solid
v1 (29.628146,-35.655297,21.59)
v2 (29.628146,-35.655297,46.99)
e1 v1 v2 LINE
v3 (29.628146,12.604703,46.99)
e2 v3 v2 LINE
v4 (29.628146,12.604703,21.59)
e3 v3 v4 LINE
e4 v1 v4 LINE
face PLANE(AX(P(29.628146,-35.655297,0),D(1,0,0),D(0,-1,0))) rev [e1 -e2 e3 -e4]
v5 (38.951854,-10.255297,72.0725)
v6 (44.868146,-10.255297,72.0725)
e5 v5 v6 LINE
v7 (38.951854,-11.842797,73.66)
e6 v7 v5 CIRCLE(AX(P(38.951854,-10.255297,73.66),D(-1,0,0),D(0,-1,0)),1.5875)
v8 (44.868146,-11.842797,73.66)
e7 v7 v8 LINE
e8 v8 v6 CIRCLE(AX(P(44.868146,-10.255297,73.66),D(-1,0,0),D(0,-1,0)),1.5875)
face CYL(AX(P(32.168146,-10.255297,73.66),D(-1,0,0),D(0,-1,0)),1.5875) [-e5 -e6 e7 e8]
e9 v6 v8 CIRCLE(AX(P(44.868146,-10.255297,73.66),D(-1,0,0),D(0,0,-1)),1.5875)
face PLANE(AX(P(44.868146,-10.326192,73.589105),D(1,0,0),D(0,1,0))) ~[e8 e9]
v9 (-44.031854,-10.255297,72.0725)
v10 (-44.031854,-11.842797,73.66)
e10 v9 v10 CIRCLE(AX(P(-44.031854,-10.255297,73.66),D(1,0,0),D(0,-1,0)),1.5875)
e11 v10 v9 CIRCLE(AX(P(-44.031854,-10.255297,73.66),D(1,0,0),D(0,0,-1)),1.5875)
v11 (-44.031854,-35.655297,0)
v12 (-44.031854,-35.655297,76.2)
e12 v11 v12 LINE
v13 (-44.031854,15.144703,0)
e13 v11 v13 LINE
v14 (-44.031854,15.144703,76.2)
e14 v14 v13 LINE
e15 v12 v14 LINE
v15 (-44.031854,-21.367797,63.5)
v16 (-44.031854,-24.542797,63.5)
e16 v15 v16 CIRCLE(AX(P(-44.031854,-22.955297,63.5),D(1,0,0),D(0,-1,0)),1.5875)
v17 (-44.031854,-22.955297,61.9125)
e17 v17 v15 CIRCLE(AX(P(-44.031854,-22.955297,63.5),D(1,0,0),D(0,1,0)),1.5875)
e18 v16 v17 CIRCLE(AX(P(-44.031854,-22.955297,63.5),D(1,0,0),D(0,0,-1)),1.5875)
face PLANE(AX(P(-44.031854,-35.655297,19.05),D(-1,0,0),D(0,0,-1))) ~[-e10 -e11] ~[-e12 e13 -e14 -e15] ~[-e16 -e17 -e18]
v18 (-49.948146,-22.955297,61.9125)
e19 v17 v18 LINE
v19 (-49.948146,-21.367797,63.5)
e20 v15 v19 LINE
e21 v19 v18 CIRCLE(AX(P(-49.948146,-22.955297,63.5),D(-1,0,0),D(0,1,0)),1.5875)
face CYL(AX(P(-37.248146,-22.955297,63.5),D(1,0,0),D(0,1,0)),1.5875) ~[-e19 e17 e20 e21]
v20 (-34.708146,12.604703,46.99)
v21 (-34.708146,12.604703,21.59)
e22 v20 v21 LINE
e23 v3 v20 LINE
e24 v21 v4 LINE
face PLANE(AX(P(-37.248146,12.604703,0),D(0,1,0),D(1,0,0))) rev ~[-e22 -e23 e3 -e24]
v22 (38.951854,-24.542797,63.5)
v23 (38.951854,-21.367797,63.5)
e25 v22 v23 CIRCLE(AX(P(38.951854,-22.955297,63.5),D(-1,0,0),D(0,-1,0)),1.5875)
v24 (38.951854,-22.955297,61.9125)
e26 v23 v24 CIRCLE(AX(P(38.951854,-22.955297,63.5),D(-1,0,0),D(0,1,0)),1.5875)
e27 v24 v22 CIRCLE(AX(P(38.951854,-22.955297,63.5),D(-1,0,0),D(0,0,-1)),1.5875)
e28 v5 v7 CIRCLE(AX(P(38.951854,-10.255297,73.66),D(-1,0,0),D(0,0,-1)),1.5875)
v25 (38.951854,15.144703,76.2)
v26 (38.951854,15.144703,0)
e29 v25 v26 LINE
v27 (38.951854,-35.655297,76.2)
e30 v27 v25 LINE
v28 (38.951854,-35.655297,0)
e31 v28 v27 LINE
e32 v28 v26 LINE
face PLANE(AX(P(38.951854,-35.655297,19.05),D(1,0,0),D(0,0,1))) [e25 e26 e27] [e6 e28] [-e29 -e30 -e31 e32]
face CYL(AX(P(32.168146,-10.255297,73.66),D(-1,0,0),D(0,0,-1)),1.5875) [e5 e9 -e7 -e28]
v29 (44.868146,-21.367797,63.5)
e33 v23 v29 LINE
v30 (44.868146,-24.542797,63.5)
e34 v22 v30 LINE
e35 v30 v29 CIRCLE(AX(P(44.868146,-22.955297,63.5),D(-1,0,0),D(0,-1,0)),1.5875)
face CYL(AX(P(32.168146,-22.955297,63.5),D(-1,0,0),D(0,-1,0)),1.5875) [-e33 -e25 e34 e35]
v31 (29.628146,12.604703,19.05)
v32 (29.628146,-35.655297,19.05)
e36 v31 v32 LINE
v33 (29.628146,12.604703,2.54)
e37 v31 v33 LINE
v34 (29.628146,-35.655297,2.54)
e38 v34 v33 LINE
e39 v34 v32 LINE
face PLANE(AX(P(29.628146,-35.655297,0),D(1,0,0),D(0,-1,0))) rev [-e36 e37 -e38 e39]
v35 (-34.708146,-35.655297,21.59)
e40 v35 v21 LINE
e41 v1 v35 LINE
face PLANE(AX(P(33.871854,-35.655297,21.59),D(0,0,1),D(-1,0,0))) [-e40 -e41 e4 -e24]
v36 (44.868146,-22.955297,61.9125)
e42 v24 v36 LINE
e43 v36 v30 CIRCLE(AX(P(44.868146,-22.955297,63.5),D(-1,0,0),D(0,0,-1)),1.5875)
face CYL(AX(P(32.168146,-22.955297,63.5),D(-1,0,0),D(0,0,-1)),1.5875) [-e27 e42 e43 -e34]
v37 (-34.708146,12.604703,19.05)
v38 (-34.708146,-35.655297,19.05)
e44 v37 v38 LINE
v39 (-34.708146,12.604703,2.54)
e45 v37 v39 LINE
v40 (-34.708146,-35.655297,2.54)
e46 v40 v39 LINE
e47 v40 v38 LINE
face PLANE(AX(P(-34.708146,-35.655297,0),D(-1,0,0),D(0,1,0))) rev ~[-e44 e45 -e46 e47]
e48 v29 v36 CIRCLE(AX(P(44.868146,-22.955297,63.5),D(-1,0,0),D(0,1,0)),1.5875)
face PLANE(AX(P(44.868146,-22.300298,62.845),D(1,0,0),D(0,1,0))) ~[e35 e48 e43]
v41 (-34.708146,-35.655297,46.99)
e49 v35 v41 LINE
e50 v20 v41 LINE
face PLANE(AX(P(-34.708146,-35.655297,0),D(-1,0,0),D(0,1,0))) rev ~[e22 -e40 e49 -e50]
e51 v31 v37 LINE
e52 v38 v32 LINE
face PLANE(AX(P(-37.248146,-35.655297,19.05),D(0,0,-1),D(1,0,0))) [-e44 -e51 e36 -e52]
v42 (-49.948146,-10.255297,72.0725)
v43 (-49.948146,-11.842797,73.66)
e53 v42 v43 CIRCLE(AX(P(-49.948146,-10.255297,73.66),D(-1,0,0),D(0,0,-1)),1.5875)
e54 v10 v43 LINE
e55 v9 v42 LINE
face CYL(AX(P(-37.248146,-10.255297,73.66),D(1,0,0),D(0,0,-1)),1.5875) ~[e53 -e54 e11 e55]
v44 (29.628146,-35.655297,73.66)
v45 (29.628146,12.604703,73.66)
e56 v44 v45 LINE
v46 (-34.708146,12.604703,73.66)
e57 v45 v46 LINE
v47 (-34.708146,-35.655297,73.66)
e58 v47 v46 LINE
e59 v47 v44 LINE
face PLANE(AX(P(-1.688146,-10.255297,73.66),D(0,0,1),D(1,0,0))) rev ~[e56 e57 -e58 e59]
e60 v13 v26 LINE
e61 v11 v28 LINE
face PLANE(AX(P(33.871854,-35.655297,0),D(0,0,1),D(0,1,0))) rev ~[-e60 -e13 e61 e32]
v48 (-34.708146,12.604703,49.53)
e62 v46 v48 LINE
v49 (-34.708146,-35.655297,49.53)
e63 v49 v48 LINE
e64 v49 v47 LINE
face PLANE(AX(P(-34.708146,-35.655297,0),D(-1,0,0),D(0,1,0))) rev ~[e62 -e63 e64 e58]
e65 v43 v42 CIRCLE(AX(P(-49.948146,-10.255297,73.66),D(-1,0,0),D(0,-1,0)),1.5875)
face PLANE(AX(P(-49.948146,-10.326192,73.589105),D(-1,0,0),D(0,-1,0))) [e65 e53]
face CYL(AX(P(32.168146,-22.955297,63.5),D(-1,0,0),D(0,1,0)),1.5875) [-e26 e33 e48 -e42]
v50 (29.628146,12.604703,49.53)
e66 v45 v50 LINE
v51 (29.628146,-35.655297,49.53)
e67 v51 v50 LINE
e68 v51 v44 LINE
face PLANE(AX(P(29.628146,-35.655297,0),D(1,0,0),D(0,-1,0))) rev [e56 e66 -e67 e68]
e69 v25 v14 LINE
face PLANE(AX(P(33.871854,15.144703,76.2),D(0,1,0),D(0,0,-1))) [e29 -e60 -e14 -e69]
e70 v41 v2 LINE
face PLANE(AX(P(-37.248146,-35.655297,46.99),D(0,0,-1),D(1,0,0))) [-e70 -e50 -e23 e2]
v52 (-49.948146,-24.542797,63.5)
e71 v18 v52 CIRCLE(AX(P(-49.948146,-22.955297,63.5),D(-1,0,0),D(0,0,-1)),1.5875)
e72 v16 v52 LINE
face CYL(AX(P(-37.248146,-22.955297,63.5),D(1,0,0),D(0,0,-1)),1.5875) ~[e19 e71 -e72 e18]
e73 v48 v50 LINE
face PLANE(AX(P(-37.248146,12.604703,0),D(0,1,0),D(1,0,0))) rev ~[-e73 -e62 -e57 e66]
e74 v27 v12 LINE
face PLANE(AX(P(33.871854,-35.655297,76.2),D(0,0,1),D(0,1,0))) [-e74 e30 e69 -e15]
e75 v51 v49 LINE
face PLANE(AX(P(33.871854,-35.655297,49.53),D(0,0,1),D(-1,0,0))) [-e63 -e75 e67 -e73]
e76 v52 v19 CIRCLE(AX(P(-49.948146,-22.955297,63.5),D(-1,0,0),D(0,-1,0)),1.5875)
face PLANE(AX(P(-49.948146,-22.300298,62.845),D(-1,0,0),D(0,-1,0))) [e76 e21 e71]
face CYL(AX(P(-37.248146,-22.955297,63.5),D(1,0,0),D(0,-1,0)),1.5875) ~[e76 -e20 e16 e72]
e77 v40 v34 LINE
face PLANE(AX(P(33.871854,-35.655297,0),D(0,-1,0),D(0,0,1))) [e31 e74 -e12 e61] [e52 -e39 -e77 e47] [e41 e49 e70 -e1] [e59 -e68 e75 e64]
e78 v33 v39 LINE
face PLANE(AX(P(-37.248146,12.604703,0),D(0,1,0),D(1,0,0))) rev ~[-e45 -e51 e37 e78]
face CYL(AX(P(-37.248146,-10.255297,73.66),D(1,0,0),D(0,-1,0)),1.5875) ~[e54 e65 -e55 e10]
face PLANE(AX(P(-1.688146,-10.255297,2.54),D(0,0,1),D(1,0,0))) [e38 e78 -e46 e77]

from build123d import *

# Parameters (mm, degrees)
F0_W      = 71.12
F0_H      = 50.8
F1_DEPTH  = 76.2
F3_T      = -2.54
F4_DEPTH  = 50.8
F5_DEPTH  = 50.8
F7_DEPTH  = 12.7
F8_DEPTH  = 12.7
F9_DEPTH  = 12.7
F12_DEPTH = 5.08
F13_DEPTH = 5.08


with BuildPart() as f1:
    # F0 (on Top) → F1 (new body)
    with BuildSketch(Plane.XY):
        with Locations((-1.6881457889, -10.255297339)):
            Rectangle(F0_W, F0_H)
    extrude(amount=F1_DEPTH)

    # F3
    f3_openings = [f1.faces().sort_by_distance(p)[0] for p in [
        (-1.688146, -35.655297, 38.1),
    ]]
    offset(amount=F3_T, openings=f3_openings)

    # F2 (on face) → F4 (join)
    with BuildSketch(Plane.XZ.offset(35.655297339)):
        Polygon((-37.2481457889, 49.53), (-37.2481457889, 46.99), (-1.6881457889, 46.99), (33.8718542111, 46.99), (33.8718542111, 49.53), align=None)
    extrude(amount=-F4_DEPTH)

    # F2 (on face) → F5 (join)
    with BuildSketch(Plane.XZ.offset(35.655297339)):
        Polygon((-37.2481457889, 19.05), (-1.6881457889, 19.05), (33.8718542111, 19.05), (33.8718542111, 21.59), (-1.6881457889, 21.59), (-37.2481457889, 21.59), align=None)
    extrude(amount=-F5_DEPTH)

    # F6 (on face) → F7 (join)
    with BuildSketch(Plane(origin=(-37.2481457889, 0, 0), x_dir=(0, -1, 0), z_dir=(-1, 0, 0))):
        with BuildLine():
            ThreePointArc((11.842797339, 73.66), (9.1327653238, 74.7825320151), (10.255297339, 72.0725))
            ThreePointArc((10.255297339, 72.0725), (11.3778293541, 72.5374679849), (11.842797339, 73.66))
        make_face()
    extrude(amount=F7_DEPTH)

    # F6 (on face) → F8 (join)
    with BuildSketch(Plane(origin=(-37.2481457889, 0, 0), x_dir=(0, -1, 0), z_dir=(-1, 0, 0))):
        with BuildLine():
            Line((22.955297339, 63.5), (22.955297339, 61.9125))
            ThreePointArc((22.955297339, 61.9125), (24.0778293541, 62.3774679849), (24.542797339, 63.5))
            ThreePointArc((24.542797339, 63.5), (22.955297339, 65.0875), (21.367797339, 63.5))
            Line((21.367797339, 63.5), (22.955297339, 63.5))
        make_face()
    extrude(amount=F8_DEPTH)

    # F6 (on face) → F9 (join)
    with BuildSketch(Plane(origin=(-37.2481457889, 0, 0), x_dir=(0, -1, 0), z_dir=(-1, 0, 0))):
        with BuildLine():
            ThreePointArc((21.367797339, 63.5), (21.8327653238, 62.3774679849), (22.955297339, 61.9125))
            Line((22.955297339, 61.9125), (22.955297339, 63.5))
            Line((22.955297339, 63.5), (21.367797339, 63.5))
        make_face()
    extrude(amount=F9_DEPTH)

    # F11: F1 across plane


with BuildPart() as f1_1:
    add(f1.part)
    add(f1.part.mirror(Plane.YZ.offset(-2.54)))

    # F12 (add): a face of the model
    f12_faces = [f1_1.faces().sort_by_distance(p)[0] for p in [
        (-38.9518542111, -10.2292152391, 37.9748059207),
    ]]
    extrude(f12_faces, amount=F12_DEPTH)

    # F13 (add): a face of the model
    f13_faces = [f1_1.faces().sort_by_distance(p)[0] for p in [
        (33.8718542111, -10.2292152391, 37.9748059207),
    ]]
    extrude(f13_faces, amount=F13_DEPTH)


solid = f1_1.part
